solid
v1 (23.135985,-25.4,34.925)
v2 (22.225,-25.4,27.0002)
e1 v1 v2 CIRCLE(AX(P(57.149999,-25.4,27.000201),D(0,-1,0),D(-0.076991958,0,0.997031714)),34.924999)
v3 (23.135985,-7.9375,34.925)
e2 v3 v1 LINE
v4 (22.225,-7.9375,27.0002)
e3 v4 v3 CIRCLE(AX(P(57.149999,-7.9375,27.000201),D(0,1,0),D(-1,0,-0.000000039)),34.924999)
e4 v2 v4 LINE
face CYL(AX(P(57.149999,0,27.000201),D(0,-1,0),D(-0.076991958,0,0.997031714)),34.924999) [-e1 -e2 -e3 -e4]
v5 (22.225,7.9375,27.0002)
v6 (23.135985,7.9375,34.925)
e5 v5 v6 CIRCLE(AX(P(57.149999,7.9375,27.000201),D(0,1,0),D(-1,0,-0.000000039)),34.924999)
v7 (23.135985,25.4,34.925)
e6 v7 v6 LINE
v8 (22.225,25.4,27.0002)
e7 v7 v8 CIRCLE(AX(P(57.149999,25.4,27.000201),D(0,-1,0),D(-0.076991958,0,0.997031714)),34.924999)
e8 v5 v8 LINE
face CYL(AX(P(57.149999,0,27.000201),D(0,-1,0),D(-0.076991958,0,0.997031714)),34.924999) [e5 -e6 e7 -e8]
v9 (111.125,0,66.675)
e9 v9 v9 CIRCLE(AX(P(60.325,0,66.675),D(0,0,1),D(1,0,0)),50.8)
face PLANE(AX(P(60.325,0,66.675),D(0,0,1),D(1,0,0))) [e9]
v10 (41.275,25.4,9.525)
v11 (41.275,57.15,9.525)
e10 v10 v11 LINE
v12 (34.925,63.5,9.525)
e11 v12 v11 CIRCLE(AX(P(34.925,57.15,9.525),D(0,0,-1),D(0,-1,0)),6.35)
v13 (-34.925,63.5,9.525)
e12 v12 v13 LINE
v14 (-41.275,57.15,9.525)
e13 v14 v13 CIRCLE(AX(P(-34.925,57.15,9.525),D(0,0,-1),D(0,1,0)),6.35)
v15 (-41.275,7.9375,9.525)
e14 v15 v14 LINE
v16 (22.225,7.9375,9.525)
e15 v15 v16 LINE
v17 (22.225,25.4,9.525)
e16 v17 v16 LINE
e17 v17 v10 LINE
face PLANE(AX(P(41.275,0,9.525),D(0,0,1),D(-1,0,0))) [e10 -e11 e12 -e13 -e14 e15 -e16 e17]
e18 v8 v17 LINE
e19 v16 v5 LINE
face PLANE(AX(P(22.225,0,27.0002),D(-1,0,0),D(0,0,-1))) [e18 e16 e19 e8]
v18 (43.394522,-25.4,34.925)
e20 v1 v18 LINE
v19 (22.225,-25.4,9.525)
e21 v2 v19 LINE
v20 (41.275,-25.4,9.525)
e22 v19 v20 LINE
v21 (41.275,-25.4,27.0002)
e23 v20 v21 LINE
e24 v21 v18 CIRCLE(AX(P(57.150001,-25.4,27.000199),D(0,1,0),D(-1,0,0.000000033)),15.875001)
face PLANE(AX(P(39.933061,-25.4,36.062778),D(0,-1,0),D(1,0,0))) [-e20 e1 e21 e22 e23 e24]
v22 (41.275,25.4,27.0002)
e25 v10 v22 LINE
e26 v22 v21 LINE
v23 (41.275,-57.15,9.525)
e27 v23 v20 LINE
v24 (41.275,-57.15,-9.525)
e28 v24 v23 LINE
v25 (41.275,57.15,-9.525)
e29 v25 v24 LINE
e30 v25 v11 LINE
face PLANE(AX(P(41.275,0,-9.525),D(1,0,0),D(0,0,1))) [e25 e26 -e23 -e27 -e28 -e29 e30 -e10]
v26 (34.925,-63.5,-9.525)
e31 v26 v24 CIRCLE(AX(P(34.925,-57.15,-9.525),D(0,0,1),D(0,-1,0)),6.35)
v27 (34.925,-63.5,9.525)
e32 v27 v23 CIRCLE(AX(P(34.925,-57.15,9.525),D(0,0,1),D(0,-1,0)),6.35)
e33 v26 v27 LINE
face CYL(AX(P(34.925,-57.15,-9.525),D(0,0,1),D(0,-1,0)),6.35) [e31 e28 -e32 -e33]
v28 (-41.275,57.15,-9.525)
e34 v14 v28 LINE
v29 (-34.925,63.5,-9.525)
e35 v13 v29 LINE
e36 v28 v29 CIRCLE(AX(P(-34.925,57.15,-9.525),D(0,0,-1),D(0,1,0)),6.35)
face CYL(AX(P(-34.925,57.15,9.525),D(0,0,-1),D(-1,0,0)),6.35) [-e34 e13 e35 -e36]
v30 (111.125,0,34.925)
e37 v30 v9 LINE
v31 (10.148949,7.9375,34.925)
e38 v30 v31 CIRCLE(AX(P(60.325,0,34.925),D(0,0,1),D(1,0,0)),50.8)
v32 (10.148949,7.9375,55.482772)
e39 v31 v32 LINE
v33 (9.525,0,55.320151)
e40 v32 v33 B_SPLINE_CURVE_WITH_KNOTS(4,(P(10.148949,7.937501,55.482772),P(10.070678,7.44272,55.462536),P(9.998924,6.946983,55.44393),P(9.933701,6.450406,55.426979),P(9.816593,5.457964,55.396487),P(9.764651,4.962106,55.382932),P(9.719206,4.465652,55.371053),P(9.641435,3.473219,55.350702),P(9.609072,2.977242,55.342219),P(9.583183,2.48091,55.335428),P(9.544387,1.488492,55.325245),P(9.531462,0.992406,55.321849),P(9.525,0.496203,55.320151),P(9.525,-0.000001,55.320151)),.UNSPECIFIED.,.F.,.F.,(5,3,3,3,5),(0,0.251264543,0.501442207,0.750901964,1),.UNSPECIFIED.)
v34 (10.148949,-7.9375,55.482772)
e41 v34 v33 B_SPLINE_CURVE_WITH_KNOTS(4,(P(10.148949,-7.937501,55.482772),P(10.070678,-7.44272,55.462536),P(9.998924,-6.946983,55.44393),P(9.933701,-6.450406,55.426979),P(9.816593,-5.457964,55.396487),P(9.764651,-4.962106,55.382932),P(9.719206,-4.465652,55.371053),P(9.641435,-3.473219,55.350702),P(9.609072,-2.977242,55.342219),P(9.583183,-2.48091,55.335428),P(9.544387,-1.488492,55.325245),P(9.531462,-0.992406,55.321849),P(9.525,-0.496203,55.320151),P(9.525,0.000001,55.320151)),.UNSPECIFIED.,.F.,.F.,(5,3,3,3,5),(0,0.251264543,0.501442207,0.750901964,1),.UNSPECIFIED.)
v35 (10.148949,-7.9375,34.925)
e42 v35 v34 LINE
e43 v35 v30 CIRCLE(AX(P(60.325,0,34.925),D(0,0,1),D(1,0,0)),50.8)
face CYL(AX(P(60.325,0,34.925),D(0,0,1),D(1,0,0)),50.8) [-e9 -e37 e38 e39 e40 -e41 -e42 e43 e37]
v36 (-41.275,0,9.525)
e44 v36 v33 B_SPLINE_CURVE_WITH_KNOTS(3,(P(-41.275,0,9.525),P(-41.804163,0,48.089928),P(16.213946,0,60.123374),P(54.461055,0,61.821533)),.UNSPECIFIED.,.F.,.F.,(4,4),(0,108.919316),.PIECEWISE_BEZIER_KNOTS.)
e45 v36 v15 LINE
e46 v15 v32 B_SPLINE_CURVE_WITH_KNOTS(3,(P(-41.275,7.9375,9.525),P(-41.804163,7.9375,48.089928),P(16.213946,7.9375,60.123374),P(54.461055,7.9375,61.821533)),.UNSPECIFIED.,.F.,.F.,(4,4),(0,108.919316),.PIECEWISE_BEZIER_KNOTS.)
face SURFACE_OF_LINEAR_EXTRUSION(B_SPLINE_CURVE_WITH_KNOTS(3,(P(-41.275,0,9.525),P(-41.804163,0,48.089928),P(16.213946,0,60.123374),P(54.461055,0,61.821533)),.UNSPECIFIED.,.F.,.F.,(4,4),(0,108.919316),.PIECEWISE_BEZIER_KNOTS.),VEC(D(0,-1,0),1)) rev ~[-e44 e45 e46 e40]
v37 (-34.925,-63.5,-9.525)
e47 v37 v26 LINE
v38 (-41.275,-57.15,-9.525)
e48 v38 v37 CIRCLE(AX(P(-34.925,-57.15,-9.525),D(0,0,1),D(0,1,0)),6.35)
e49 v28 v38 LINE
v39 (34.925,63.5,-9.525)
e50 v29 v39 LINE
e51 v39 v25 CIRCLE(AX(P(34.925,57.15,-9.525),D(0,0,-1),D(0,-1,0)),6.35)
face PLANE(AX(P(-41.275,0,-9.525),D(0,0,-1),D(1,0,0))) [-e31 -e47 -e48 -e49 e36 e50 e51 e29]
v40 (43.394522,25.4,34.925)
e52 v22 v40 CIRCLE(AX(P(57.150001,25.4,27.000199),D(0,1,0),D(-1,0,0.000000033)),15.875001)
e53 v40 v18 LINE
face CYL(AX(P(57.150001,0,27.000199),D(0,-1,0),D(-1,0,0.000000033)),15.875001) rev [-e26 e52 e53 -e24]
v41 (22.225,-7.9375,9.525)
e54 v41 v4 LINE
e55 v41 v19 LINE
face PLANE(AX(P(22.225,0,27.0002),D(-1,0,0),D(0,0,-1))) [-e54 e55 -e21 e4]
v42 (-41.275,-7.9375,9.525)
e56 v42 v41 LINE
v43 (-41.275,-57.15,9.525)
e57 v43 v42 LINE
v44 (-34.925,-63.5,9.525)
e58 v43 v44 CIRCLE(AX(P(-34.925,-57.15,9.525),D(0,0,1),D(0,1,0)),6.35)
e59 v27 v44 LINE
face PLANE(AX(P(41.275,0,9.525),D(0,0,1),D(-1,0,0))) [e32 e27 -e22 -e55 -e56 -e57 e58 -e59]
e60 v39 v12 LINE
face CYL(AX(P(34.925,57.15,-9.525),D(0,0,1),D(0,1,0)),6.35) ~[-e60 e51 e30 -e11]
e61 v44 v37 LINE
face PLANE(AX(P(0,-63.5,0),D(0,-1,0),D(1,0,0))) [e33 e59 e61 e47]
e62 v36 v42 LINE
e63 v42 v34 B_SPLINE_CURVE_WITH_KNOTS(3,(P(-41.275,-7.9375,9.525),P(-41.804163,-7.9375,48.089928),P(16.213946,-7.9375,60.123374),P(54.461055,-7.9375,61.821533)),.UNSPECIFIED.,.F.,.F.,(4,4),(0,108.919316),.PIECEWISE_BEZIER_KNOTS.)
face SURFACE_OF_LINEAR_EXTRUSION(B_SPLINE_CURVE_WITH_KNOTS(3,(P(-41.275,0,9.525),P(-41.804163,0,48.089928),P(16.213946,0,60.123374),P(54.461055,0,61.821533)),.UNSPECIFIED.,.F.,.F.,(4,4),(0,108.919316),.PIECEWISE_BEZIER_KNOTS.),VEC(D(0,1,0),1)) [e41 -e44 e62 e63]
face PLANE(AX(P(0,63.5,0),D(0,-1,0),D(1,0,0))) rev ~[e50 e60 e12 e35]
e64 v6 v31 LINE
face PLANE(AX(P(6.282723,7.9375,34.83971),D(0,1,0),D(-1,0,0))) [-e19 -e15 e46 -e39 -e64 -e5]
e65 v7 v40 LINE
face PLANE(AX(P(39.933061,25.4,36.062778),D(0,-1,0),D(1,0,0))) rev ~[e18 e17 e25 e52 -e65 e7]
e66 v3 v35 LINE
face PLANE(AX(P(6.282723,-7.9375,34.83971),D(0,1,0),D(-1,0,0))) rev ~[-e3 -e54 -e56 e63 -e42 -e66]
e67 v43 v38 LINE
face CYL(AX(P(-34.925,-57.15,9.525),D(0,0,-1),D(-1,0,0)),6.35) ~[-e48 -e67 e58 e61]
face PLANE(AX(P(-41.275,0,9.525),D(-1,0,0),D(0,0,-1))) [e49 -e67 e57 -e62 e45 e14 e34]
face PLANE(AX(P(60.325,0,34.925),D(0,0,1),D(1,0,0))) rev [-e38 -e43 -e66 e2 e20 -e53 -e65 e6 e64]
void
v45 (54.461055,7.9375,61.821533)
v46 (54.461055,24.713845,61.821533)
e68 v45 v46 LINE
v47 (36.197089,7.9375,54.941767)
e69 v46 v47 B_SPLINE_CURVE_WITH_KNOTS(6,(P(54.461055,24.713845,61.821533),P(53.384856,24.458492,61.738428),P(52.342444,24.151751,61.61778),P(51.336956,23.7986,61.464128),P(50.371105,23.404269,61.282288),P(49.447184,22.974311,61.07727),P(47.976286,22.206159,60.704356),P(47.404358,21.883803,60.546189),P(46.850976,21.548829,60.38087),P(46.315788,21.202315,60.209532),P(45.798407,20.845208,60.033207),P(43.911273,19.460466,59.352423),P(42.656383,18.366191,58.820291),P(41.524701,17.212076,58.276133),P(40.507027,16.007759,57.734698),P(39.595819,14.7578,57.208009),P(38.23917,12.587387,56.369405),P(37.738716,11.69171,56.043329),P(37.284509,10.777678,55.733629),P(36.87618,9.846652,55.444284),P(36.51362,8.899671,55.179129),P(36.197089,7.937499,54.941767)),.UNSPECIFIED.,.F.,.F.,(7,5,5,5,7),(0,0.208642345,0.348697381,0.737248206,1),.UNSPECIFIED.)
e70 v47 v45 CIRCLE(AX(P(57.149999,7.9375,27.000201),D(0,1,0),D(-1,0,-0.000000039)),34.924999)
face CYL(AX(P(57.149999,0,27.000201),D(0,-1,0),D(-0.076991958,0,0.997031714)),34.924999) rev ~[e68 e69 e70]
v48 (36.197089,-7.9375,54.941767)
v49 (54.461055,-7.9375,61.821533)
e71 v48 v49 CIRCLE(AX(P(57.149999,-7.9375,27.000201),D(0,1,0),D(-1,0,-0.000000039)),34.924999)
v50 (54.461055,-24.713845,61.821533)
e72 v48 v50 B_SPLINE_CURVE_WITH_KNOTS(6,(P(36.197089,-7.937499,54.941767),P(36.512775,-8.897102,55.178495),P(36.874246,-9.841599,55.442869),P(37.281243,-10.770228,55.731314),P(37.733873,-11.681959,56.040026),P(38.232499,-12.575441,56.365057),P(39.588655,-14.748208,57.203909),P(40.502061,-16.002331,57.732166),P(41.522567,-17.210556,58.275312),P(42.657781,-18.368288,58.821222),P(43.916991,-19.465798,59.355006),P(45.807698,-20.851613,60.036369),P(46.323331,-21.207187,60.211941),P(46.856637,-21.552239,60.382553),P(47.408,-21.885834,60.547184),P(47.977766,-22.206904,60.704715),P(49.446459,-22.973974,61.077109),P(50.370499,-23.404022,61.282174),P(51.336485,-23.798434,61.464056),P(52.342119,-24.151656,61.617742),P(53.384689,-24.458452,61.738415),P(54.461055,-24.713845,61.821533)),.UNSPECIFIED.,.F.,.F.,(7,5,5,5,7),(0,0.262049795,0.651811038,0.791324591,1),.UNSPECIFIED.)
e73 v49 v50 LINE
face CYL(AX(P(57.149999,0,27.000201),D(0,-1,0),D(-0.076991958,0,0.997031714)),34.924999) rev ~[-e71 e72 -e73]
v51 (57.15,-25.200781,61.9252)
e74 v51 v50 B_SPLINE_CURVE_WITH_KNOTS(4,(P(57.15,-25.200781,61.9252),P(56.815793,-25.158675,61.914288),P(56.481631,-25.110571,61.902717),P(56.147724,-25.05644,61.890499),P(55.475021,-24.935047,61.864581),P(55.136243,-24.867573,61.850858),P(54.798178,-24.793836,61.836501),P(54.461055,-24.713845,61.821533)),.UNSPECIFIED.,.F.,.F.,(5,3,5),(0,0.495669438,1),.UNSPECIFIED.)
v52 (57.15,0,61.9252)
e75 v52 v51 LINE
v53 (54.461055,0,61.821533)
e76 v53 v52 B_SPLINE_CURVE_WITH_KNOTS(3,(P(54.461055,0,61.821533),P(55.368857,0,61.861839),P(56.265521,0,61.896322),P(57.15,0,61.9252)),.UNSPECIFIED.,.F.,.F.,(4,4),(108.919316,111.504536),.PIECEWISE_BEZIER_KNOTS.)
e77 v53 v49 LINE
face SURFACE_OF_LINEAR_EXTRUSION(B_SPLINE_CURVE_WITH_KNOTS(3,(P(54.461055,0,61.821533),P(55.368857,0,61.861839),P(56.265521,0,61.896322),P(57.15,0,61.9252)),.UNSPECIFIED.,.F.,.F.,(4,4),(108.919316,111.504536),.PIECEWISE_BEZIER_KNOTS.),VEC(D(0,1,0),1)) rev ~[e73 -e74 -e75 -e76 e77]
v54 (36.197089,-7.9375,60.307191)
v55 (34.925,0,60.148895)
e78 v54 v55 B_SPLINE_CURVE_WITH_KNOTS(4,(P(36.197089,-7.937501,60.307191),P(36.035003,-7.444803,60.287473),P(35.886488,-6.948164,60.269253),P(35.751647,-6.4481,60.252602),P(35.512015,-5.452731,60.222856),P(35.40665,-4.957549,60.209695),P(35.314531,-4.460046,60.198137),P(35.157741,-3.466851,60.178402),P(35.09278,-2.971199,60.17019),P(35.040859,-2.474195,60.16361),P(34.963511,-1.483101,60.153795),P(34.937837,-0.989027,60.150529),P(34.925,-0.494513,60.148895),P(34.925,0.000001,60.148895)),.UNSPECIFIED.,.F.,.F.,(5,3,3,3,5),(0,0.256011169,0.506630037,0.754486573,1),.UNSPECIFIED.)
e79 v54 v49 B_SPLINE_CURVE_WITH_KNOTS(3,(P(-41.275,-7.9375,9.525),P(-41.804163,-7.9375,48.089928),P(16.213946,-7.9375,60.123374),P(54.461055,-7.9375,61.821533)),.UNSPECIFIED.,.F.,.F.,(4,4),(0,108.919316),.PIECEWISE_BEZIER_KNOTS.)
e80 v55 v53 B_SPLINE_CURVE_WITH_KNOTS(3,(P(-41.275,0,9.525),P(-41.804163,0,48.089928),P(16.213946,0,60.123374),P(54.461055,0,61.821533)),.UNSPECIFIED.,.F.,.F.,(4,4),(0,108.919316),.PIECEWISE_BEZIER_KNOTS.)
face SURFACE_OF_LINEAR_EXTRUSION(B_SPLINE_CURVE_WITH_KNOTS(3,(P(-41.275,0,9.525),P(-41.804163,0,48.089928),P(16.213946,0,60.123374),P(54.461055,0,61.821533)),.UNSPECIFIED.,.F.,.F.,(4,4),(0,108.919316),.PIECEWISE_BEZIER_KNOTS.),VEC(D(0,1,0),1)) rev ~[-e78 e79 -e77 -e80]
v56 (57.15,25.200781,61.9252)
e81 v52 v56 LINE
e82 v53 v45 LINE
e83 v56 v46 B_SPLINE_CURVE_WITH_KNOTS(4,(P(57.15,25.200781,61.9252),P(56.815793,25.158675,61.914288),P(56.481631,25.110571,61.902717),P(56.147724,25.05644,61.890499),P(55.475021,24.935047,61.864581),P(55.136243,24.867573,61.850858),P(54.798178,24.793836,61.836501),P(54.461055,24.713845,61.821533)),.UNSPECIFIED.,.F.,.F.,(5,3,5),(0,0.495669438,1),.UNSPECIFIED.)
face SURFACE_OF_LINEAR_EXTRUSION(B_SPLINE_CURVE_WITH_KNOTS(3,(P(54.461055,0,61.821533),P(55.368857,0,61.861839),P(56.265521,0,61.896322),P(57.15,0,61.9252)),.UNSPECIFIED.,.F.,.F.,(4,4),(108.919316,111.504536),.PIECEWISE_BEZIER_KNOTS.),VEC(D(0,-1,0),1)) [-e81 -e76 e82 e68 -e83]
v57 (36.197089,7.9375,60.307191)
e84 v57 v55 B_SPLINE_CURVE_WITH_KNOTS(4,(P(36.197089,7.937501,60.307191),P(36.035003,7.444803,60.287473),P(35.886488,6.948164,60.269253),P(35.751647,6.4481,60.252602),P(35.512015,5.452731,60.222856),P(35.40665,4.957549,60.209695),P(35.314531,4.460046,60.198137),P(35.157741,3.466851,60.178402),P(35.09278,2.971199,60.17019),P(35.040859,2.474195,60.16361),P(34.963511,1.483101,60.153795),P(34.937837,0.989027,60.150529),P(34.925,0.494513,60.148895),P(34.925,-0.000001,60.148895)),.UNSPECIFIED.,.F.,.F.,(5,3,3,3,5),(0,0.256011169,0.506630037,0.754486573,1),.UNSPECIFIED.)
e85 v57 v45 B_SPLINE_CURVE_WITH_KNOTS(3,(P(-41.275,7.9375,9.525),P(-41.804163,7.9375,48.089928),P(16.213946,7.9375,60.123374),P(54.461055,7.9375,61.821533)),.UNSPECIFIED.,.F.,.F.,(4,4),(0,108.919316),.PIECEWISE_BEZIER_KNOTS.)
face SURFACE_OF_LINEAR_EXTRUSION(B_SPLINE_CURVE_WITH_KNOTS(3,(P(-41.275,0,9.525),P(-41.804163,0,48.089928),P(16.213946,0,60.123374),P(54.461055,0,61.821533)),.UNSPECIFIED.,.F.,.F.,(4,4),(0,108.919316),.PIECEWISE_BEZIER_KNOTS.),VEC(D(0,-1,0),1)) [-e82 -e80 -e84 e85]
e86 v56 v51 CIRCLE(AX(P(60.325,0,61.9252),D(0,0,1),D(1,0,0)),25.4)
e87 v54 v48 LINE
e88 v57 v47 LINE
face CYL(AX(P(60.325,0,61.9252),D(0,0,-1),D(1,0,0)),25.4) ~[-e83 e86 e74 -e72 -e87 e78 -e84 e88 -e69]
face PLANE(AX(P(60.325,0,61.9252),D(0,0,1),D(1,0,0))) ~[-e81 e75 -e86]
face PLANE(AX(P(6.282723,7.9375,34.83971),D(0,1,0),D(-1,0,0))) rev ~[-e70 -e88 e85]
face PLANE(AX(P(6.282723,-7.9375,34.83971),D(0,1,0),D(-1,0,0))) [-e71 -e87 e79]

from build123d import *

# Parameters (mm, degrees)
F1_DEPTH = 63.5
F0_W     = 25.4
F0_H     = 19.05
F2_DEPTH = 25.4
F3_DEPTH = 7.9375
F4_R     = 6.35


with BuildPart() as f1:
    # F0 (on Front) → F1 (new body, symmetric)
    with BuildSketch(Plane.XZ):
        Polygon((22.225, 9.525), (-41.275, 9.525), (-41.275, -9.525), (41.275, -9.525), (41.275, 9.525), align=None)
    extrude(amount=F1_DEPTH, both=True)

    # F0 (on Front) → F2 (join, symmetric)
    with BuildSketch(Plane.XZ):
        with BuildLine():
            Line((22.225, 27.0002), (22.225, 9.525))
            Line((22.225, 9.525), (41.275, 9.525))
            Line((41.275, 9.525), (41.275, 27.0002))
            ThreePointArc((41.275, 27.0002), (45.92468, 38.22552), (57.15, 42.8752))
            Line((57.15, 42.8752), (60.325, 42.8752))
            Line((60.325, 42.8752), (60.325, 61.9252))
            Line((60.325, 61.9252), (57.15, 61.9252))
            add(Edge.make_bspline(
                [(54.461055, 61.821533), (55.368857, 61.861839), (56.265521, 61.896322), (57.15, 61.9252)],
                knots=[108.919316, 108.919316, 108.919316, 108.919316, 111.504536, 111.504536, 111.504536, 111.504536], degree=3))
            ThreePointArc((54.461055, 61.821533), (31.521236, 50.72618), (22.225, 27.0002))
        make_face()
        with Locations((73.025, 52.4002)):
            Rectangle(F0_W, F0_H)
    extrude(amount=F2_DEPTH, both=True)

    # F0 (on Front) → F3 (join, symmetric)
    with BuildSketch(Plane.XZ):
        with BuildLine():
            add(Edge.make_bspline(
                [(-41.275, 9.525), (-41.804163, 48.089928), (16.213946, 60.123374), (54.461055, 61.821533)],
                knots=[0, 0, 0, 0, 108.919316, 108.919316, 108.919316, 108.919316], degree=3))
            Line((-41.275, 9.525), (22.225, 9.525))
            Line((22.225, 9.525), (22.225, 27.0002))
            ThreePointArc((22.225, 27.0002), (31.521236, 50.72618), (54.461055, 61.821533))
        make_face()
    extrude(amount=F3_DEPTH, both=True)

    # F4
    f4_edges = [f1.edges().sort_by_distance(p)[0] for p in [
        (-41.275, -63.5, 0),
        (41.275, -63.5, 0),
        (41.275, 63.5, 0),
        (-41.275, 63.5, 0),
    ]]
    fillet(f4_edges, radius=F4_R)

    # F0 (on Front) → F5 (revolve)
    with BuildSketch(Plane.XZ):
        Polygon((60.325, 66.675), (60.325, 61.9252), (85.725, 61.9252), (85.725, 42.8752), (60.325, 42.8752), (60.325, 34.925), (111.125, 34.925), (111.125, 66.675), align=None)
    revolve(axis=Axis((60.325, 0, 50.8), (0, 0, 1)))


solid = f1.part
